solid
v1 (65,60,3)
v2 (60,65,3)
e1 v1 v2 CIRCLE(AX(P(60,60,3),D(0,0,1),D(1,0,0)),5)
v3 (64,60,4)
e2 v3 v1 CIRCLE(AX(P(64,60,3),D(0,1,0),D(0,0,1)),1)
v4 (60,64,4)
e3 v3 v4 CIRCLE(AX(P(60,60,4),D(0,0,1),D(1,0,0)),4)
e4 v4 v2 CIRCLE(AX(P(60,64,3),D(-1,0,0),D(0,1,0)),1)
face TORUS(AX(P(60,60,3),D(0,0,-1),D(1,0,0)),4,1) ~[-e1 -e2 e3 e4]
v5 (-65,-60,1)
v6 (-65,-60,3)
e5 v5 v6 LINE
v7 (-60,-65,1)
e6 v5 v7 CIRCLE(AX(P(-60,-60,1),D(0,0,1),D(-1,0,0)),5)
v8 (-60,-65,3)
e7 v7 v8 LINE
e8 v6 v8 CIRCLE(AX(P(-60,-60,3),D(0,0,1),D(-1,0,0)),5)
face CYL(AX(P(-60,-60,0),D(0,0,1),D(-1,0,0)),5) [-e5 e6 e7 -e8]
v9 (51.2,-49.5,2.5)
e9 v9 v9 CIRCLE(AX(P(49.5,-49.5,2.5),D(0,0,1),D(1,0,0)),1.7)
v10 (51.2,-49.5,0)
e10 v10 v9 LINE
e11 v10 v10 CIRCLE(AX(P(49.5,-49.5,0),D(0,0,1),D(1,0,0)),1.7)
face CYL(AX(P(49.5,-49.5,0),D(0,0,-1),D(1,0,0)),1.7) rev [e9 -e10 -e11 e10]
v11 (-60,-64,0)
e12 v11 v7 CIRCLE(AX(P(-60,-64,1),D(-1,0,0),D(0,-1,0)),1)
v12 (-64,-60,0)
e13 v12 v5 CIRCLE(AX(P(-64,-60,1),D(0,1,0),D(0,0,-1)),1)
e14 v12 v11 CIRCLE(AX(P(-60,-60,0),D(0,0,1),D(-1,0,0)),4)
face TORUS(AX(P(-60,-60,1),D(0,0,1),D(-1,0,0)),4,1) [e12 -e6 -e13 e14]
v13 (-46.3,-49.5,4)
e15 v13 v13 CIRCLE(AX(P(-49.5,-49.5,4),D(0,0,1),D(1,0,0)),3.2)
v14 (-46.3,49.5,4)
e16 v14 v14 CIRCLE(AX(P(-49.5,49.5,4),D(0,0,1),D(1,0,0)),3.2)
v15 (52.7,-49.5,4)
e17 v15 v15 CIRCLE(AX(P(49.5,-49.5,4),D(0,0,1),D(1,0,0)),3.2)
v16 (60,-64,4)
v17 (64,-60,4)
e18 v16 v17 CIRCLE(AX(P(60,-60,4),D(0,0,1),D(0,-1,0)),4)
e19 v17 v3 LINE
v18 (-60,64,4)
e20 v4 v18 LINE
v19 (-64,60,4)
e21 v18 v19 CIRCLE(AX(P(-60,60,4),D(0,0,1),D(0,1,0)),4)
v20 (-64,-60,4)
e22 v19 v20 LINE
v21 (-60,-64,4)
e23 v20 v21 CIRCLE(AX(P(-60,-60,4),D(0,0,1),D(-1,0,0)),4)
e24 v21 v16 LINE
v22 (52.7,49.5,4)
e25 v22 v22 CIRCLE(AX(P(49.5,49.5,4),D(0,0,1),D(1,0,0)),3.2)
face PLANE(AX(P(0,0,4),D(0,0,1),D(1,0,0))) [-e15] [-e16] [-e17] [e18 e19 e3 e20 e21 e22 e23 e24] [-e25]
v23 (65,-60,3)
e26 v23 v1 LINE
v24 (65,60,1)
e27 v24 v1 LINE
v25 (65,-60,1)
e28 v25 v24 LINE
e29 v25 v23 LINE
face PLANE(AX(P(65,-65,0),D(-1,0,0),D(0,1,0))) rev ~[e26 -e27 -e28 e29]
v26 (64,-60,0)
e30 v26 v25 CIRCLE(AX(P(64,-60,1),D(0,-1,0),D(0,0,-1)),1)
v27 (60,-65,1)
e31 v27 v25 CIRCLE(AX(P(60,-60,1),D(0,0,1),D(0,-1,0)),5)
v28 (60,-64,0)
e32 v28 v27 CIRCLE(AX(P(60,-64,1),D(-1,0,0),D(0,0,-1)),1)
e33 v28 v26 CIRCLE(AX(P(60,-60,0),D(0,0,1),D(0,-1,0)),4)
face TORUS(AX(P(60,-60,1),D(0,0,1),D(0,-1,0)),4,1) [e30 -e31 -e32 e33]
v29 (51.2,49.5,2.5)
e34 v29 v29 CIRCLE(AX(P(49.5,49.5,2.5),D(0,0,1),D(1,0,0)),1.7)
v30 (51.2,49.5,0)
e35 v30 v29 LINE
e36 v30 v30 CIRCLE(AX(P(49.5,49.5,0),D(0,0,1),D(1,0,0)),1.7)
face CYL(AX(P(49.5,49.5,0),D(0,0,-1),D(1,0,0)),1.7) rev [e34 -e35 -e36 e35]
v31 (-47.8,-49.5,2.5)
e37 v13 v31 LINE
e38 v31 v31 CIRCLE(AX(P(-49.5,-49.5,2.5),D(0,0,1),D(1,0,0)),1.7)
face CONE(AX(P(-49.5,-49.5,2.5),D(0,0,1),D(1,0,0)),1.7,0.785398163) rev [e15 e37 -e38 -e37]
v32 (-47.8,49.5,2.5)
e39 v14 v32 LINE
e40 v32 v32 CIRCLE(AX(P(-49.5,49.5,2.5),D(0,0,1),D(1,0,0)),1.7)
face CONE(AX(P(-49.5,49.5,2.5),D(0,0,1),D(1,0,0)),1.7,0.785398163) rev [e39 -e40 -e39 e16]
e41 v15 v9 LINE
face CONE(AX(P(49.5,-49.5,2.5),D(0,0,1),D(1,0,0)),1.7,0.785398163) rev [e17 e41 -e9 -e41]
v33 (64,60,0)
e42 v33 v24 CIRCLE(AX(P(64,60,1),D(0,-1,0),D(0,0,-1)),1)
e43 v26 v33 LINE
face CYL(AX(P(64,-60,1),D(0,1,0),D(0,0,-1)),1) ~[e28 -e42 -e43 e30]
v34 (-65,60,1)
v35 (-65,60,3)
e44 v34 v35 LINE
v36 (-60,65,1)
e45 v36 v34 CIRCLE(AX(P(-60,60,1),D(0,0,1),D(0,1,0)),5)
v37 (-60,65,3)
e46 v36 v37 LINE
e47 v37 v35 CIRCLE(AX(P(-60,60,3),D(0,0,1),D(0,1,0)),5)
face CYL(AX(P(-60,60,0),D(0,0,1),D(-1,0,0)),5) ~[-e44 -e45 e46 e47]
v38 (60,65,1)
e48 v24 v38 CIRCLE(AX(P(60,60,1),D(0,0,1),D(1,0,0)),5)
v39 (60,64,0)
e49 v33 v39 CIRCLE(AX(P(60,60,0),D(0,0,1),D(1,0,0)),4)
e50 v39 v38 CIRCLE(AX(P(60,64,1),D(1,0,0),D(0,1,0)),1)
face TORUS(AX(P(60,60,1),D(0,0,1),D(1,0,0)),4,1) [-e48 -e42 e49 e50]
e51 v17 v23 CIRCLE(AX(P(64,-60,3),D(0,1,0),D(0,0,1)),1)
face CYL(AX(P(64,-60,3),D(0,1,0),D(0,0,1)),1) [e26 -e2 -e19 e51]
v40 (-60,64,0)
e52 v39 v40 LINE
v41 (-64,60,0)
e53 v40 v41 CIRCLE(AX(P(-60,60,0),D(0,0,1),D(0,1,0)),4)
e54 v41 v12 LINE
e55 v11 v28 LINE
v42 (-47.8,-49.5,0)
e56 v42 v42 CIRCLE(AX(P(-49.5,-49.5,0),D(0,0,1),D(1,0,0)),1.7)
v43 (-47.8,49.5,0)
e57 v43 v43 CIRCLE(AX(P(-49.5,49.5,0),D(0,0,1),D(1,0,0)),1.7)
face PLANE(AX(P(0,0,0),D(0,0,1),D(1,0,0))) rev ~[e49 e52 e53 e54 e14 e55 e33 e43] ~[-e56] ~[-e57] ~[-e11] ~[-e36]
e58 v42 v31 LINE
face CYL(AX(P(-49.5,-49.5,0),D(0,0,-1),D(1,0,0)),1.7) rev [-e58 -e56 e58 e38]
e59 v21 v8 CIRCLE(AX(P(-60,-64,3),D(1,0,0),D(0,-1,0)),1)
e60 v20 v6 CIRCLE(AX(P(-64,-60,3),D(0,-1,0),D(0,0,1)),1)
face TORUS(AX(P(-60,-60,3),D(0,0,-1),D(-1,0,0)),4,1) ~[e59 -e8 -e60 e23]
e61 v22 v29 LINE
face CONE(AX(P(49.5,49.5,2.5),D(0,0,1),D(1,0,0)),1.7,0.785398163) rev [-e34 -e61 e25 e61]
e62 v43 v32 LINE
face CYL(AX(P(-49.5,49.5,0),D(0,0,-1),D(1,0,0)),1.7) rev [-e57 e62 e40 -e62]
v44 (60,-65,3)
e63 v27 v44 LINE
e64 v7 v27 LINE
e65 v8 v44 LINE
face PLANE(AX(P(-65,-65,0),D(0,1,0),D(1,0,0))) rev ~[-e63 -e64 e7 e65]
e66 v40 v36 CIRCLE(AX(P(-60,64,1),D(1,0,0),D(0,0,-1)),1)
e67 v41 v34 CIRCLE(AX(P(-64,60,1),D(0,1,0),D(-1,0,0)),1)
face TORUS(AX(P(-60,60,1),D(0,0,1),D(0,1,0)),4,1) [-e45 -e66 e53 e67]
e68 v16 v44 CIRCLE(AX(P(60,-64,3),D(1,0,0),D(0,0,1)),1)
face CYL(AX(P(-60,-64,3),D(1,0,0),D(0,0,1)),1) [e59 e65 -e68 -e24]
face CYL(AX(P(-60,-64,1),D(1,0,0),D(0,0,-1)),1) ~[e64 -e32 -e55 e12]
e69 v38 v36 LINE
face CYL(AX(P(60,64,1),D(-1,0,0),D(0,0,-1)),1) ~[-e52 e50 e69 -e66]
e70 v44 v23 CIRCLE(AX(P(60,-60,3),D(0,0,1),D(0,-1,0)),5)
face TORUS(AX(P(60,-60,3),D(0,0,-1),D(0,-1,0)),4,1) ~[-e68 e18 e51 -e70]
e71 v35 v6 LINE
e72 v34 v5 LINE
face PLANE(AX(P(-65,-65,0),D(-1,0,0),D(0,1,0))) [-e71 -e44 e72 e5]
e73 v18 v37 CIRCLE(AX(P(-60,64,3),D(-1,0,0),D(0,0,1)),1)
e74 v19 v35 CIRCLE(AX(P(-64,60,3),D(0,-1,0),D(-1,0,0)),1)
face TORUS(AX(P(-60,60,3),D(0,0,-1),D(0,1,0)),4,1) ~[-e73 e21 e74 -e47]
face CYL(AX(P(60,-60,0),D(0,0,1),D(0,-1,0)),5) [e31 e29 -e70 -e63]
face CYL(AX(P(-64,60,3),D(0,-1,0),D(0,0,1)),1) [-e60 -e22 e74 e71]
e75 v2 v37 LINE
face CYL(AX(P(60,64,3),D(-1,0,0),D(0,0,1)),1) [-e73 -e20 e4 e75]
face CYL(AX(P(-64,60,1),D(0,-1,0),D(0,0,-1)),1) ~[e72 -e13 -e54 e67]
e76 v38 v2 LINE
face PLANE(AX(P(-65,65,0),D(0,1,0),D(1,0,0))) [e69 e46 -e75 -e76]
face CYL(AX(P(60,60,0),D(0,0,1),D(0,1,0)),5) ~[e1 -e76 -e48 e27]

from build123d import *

# Parameters (mm, degrees)
F0_W     = 130
F0_H     = 130
F0_R     = 1.7
F1_DEPTH = 4
F2_R     = 5
F3_R     = 1
F4_SIZE  = 1.5


with BuildPart() as f1:
    # F0 (on Top) → F1 (new body)
    with BuildSketch(Plane.XY):
        Rectangle(F0_W, F0_H)
        with Locations((-49.5, -49.5)):
            Circle(F0_R, mode=Mode.SUBTRACT)
        with Locations((49.5, -49.5)):
            Circle(F0_R, mode=Mode.SUBTRACT)
        with Locations((-49.5, 49.5)):
            Circle(F0_R, mode=Mode.SUBTRACT)
        with Locations((49.5, 49.5)):
            Circle(F0_R, mode=Mode.SUBTRACT)
    extrude(amount=F1_DEPTH)

    # F2
    f2_edges = [f1.edges().sort_by_distance(p)[0] for p in [
        (65, 65, 2),
        (65, -65, 2),
        (-65, -65, 2),
        (-65, 65, 2),
    ]]
    fillet(f2_edges, radius=F2_R)

    # F3
    f3_edges = [f1.edges().sort_by_distance(p)[0] for p in [
        (65, 0, 4),
        (65, 0, 0),
    ]]
    fillet(f3_edges, radius=F3_R)

    # F4
    f4_edges = [f1.edges().sort_by_distance(p)[0] for p in [
        (-51.2, 49.5, 4),
        (47.8, 49.5, 4),
        (47.8, -49.5, 4),
        (-51.2, -49.5, 4),
    ]]
    chamfer(f4_edges, length=F4_SIZE)


solid = f1.part
